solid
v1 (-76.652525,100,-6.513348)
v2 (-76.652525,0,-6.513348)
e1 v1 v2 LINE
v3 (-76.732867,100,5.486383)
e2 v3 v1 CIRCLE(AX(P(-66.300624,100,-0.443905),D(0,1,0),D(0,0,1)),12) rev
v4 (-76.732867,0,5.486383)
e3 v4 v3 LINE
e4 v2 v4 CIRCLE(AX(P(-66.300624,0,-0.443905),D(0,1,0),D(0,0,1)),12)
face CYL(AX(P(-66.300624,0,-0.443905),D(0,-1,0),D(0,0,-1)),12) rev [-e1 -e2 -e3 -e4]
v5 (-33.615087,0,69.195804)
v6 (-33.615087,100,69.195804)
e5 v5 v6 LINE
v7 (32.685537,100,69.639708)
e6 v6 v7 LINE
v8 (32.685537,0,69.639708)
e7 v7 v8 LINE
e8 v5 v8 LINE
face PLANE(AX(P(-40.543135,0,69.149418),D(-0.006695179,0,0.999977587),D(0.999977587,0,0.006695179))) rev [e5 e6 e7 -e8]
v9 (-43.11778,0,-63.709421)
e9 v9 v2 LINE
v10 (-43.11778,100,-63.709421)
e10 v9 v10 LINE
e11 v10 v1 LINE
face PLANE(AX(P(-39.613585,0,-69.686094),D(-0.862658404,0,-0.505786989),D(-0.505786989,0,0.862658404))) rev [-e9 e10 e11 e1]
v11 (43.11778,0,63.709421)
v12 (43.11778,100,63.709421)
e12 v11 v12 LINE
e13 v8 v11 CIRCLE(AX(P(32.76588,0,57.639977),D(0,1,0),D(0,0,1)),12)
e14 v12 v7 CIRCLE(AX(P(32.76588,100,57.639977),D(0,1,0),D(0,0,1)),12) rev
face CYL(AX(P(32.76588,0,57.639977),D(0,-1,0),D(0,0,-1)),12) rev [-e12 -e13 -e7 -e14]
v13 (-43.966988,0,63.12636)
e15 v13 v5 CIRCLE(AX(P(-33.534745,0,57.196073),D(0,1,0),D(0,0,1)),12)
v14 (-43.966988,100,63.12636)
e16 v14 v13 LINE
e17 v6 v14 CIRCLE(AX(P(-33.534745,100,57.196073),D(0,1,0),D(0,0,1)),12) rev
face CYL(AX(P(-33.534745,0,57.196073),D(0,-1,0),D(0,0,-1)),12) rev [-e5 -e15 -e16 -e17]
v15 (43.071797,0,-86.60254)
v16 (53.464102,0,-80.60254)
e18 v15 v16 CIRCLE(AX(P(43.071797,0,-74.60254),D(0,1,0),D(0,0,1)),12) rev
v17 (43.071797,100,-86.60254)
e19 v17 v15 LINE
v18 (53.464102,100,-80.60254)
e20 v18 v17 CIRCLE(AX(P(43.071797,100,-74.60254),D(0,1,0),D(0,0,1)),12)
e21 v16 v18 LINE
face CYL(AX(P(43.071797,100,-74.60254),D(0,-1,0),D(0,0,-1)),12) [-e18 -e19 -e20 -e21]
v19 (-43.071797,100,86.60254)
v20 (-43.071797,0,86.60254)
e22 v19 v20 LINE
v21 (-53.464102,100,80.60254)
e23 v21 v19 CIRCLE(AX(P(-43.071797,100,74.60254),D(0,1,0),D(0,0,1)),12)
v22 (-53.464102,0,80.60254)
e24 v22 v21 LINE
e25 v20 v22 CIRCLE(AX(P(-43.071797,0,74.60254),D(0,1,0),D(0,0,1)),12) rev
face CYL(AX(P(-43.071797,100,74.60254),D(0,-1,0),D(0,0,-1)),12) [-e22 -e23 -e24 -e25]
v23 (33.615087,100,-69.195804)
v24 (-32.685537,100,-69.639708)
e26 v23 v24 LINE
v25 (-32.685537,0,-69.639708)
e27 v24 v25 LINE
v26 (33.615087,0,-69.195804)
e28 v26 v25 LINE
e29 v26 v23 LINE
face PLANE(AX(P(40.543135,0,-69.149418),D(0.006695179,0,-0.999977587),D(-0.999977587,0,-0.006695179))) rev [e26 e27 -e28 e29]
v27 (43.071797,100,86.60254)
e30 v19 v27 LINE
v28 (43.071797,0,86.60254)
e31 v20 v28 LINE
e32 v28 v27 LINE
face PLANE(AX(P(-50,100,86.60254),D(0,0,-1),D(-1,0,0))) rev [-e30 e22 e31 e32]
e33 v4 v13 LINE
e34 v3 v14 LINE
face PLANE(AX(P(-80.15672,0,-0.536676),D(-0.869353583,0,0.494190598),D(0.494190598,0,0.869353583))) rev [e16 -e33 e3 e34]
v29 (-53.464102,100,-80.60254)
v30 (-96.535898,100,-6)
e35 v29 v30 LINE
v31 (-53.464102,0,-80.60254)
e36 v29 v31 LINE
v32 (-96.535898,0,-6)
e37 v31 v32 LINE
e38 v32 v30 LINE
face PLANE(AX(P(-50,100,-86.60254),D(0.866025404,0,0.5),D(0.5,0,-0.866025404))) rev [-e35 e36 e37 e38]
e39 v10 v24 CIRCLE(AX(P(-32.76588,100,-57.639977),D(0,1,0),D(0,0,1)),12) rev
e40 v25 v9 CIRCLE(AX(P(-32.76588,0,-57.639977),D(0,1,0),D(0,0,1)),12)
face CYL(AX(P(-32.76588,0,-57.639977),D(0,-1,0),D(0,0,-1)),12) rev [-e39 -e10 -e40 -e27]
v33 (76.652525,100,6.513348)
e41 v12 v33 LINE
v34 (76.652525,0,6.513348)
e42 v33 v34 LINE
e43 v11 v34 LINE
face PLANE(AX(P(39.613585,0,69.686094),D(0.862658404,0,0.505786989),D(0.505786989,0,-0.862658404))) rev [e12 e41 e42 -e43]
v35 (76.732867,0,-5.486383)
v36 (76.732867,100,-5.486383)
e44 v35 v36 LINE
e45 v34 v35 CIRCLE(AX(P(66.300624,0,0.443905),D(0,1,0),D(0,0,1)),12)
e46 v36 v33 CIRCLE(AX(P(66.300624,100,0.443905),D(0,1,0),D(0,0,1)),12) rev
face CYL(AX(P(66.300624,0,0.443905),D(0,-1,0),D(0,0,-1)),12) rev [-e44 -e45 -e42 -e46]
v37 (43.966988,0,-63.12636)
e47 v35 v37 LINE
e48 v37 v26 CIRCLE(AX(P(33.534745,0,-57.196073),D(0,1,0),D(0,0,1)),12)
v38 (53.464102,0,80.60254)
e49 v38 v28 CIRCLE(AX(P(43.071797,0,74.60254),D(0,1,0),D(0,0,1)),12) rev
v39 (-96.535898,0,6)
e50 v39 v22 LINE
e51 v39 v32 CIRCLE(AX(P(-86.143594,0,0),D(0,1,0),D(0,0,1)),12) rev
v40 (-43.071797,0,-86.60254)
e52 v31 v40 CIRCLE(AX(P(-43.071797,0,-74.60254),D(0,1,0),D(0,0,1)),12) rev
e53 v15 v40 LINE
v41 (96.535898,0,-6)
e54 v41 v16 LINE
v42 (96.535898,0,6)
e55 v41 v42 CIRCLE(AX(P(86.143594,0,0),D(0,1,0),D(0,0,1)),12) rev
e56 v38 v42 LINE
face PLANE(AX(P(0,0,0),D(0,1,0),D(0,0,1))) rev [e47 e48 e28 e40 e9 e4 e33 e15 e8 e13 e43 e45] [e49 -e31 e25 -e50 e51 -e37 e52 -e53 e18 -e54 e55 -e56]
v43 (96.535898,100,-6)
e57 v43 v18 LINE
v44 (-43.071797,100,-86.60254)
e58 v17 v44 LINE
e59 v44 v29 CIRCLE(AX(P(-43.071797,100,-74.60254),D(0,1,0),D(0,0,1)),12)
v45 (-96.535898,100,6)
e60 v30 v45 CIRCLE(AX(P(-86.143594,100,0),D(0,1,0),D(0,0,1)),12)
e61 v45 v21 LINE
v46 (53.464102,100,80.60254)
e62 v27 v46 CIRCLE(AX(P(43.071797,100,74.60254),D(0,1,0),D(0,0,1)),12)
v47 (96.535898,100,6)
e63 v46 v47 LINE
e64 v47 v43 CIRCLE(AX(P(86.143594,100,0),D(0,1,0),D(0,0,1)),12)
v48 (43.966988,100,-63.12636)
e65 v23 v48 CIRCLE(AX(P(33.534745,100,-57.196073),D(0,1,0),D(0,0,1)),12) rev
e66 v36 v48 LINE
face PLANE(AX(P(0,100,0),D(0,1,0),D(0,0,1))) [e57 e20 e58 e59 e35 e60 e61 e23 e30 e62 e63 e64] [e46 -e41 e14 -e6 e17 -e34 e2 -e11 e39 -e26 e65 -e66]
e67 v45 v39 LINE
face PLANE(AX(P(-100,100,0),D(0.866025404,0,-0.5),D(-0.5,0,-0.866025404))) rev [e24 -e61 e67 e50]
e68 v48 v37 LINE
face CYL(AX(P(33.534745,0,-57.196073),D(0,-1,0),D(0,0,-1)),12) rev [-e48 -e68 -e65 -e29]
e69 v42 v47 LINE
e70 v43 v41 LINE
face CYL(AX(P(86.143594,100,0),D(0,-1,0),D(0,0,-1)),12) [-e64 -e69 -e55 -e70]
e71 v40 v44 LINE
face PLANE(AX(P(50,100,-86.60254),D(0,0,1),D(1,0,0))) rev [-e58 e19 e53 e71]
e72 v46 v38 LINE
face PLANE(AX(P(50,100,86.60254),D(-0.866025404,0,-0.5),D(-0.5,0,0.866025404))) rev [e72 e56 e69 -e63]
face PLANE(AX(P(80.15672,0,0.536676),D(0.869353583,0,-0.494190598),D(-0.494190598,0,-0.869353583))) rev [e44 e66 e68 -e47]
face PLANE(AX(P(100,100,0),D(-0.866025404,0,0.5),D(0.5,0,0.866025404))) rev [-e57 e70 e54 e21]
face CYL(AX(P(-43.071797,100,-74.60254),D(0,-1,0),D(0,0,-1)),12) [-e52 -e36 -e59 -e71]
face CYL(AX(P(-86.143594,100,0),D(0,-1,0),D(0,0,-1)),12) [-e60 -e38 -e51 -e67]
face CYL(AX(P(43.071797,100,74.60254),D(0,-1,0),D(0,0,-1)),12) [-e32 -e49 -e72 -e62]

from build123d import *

# Parameters (mm, degrees)
SALIENTE_EXTRUIR2_DEPTH = 100
CORTAR_EXTRUIR1_DEPTH   = 100
REDONDEO1_R             = 12
REDONDEO2_R             = 12


with BuildPart() as part:
    # Croquis1 → Saliente-Extruir2 (new body)
    with BuildSketch(Plane(origin=(0, 0, 0), x_dir=(1, 0, 0), z_dir=(0, 1, 0))):
        Polygon((-50, -86.602540378), (50, -86.602540378), (100, 0), (50, 86.602540378), (-50, 86.602540378), (-100, 0), align=None)
    extrude(amount=SALIENTE_EXTRUIR2_DEPTH)

    # Croquis3 → Cortar-Extruir1 (cut)
    with BuildSketch(Plane(origin=(0, 100, 0), x_dir=(1, 0, 0), z_dir=(0, 1, 0))):
        Polygon((39.613585437, -69.686093894), (80.156720321, -0.536675623), (40.543134884, 69.14941827), (-39.613585437, 69.686093894), (-80.156720321, 0.536675623), (-40.543134884, -69.14941827), align=None)
    extrude(amount=-CORTAR_EXTRUIR1_DEPTH, mode=Mode.SUBTRACT)

    # Redondeo1
    redondeo1_edges = [part.edges().sort_by_distance(p)[0] for p in [
        (-100, 50, 0),
        (-50, 50, -86.602540378),
        (50, 50, -86.602540378),
        (100, 50, 0),
        (50, 50, 86.602540378),
        (-50, 50, 86.602540378),
    ]]
    fillet(redondeo1_edges, radius=REDONDEO1_R)

    # Redondeo2
    redondeo2_edges = [part.edges().sort_by_distance(p)[0] for p in [
        (39.613585437, 50, 69.686093894),
        (-40.543134884, 50, 69.14941827),
        (-80.156720321, 50, -0.536675623),
        (-39.613585437, 50, -69.686093894),
        (40.543134884, 50, -69.14941827),
        (80.156720321, 50, 0.536675623),
    ]]
    fillet(redondeo2_edges, radius=REDONDEO2_R)


solid = part.part
